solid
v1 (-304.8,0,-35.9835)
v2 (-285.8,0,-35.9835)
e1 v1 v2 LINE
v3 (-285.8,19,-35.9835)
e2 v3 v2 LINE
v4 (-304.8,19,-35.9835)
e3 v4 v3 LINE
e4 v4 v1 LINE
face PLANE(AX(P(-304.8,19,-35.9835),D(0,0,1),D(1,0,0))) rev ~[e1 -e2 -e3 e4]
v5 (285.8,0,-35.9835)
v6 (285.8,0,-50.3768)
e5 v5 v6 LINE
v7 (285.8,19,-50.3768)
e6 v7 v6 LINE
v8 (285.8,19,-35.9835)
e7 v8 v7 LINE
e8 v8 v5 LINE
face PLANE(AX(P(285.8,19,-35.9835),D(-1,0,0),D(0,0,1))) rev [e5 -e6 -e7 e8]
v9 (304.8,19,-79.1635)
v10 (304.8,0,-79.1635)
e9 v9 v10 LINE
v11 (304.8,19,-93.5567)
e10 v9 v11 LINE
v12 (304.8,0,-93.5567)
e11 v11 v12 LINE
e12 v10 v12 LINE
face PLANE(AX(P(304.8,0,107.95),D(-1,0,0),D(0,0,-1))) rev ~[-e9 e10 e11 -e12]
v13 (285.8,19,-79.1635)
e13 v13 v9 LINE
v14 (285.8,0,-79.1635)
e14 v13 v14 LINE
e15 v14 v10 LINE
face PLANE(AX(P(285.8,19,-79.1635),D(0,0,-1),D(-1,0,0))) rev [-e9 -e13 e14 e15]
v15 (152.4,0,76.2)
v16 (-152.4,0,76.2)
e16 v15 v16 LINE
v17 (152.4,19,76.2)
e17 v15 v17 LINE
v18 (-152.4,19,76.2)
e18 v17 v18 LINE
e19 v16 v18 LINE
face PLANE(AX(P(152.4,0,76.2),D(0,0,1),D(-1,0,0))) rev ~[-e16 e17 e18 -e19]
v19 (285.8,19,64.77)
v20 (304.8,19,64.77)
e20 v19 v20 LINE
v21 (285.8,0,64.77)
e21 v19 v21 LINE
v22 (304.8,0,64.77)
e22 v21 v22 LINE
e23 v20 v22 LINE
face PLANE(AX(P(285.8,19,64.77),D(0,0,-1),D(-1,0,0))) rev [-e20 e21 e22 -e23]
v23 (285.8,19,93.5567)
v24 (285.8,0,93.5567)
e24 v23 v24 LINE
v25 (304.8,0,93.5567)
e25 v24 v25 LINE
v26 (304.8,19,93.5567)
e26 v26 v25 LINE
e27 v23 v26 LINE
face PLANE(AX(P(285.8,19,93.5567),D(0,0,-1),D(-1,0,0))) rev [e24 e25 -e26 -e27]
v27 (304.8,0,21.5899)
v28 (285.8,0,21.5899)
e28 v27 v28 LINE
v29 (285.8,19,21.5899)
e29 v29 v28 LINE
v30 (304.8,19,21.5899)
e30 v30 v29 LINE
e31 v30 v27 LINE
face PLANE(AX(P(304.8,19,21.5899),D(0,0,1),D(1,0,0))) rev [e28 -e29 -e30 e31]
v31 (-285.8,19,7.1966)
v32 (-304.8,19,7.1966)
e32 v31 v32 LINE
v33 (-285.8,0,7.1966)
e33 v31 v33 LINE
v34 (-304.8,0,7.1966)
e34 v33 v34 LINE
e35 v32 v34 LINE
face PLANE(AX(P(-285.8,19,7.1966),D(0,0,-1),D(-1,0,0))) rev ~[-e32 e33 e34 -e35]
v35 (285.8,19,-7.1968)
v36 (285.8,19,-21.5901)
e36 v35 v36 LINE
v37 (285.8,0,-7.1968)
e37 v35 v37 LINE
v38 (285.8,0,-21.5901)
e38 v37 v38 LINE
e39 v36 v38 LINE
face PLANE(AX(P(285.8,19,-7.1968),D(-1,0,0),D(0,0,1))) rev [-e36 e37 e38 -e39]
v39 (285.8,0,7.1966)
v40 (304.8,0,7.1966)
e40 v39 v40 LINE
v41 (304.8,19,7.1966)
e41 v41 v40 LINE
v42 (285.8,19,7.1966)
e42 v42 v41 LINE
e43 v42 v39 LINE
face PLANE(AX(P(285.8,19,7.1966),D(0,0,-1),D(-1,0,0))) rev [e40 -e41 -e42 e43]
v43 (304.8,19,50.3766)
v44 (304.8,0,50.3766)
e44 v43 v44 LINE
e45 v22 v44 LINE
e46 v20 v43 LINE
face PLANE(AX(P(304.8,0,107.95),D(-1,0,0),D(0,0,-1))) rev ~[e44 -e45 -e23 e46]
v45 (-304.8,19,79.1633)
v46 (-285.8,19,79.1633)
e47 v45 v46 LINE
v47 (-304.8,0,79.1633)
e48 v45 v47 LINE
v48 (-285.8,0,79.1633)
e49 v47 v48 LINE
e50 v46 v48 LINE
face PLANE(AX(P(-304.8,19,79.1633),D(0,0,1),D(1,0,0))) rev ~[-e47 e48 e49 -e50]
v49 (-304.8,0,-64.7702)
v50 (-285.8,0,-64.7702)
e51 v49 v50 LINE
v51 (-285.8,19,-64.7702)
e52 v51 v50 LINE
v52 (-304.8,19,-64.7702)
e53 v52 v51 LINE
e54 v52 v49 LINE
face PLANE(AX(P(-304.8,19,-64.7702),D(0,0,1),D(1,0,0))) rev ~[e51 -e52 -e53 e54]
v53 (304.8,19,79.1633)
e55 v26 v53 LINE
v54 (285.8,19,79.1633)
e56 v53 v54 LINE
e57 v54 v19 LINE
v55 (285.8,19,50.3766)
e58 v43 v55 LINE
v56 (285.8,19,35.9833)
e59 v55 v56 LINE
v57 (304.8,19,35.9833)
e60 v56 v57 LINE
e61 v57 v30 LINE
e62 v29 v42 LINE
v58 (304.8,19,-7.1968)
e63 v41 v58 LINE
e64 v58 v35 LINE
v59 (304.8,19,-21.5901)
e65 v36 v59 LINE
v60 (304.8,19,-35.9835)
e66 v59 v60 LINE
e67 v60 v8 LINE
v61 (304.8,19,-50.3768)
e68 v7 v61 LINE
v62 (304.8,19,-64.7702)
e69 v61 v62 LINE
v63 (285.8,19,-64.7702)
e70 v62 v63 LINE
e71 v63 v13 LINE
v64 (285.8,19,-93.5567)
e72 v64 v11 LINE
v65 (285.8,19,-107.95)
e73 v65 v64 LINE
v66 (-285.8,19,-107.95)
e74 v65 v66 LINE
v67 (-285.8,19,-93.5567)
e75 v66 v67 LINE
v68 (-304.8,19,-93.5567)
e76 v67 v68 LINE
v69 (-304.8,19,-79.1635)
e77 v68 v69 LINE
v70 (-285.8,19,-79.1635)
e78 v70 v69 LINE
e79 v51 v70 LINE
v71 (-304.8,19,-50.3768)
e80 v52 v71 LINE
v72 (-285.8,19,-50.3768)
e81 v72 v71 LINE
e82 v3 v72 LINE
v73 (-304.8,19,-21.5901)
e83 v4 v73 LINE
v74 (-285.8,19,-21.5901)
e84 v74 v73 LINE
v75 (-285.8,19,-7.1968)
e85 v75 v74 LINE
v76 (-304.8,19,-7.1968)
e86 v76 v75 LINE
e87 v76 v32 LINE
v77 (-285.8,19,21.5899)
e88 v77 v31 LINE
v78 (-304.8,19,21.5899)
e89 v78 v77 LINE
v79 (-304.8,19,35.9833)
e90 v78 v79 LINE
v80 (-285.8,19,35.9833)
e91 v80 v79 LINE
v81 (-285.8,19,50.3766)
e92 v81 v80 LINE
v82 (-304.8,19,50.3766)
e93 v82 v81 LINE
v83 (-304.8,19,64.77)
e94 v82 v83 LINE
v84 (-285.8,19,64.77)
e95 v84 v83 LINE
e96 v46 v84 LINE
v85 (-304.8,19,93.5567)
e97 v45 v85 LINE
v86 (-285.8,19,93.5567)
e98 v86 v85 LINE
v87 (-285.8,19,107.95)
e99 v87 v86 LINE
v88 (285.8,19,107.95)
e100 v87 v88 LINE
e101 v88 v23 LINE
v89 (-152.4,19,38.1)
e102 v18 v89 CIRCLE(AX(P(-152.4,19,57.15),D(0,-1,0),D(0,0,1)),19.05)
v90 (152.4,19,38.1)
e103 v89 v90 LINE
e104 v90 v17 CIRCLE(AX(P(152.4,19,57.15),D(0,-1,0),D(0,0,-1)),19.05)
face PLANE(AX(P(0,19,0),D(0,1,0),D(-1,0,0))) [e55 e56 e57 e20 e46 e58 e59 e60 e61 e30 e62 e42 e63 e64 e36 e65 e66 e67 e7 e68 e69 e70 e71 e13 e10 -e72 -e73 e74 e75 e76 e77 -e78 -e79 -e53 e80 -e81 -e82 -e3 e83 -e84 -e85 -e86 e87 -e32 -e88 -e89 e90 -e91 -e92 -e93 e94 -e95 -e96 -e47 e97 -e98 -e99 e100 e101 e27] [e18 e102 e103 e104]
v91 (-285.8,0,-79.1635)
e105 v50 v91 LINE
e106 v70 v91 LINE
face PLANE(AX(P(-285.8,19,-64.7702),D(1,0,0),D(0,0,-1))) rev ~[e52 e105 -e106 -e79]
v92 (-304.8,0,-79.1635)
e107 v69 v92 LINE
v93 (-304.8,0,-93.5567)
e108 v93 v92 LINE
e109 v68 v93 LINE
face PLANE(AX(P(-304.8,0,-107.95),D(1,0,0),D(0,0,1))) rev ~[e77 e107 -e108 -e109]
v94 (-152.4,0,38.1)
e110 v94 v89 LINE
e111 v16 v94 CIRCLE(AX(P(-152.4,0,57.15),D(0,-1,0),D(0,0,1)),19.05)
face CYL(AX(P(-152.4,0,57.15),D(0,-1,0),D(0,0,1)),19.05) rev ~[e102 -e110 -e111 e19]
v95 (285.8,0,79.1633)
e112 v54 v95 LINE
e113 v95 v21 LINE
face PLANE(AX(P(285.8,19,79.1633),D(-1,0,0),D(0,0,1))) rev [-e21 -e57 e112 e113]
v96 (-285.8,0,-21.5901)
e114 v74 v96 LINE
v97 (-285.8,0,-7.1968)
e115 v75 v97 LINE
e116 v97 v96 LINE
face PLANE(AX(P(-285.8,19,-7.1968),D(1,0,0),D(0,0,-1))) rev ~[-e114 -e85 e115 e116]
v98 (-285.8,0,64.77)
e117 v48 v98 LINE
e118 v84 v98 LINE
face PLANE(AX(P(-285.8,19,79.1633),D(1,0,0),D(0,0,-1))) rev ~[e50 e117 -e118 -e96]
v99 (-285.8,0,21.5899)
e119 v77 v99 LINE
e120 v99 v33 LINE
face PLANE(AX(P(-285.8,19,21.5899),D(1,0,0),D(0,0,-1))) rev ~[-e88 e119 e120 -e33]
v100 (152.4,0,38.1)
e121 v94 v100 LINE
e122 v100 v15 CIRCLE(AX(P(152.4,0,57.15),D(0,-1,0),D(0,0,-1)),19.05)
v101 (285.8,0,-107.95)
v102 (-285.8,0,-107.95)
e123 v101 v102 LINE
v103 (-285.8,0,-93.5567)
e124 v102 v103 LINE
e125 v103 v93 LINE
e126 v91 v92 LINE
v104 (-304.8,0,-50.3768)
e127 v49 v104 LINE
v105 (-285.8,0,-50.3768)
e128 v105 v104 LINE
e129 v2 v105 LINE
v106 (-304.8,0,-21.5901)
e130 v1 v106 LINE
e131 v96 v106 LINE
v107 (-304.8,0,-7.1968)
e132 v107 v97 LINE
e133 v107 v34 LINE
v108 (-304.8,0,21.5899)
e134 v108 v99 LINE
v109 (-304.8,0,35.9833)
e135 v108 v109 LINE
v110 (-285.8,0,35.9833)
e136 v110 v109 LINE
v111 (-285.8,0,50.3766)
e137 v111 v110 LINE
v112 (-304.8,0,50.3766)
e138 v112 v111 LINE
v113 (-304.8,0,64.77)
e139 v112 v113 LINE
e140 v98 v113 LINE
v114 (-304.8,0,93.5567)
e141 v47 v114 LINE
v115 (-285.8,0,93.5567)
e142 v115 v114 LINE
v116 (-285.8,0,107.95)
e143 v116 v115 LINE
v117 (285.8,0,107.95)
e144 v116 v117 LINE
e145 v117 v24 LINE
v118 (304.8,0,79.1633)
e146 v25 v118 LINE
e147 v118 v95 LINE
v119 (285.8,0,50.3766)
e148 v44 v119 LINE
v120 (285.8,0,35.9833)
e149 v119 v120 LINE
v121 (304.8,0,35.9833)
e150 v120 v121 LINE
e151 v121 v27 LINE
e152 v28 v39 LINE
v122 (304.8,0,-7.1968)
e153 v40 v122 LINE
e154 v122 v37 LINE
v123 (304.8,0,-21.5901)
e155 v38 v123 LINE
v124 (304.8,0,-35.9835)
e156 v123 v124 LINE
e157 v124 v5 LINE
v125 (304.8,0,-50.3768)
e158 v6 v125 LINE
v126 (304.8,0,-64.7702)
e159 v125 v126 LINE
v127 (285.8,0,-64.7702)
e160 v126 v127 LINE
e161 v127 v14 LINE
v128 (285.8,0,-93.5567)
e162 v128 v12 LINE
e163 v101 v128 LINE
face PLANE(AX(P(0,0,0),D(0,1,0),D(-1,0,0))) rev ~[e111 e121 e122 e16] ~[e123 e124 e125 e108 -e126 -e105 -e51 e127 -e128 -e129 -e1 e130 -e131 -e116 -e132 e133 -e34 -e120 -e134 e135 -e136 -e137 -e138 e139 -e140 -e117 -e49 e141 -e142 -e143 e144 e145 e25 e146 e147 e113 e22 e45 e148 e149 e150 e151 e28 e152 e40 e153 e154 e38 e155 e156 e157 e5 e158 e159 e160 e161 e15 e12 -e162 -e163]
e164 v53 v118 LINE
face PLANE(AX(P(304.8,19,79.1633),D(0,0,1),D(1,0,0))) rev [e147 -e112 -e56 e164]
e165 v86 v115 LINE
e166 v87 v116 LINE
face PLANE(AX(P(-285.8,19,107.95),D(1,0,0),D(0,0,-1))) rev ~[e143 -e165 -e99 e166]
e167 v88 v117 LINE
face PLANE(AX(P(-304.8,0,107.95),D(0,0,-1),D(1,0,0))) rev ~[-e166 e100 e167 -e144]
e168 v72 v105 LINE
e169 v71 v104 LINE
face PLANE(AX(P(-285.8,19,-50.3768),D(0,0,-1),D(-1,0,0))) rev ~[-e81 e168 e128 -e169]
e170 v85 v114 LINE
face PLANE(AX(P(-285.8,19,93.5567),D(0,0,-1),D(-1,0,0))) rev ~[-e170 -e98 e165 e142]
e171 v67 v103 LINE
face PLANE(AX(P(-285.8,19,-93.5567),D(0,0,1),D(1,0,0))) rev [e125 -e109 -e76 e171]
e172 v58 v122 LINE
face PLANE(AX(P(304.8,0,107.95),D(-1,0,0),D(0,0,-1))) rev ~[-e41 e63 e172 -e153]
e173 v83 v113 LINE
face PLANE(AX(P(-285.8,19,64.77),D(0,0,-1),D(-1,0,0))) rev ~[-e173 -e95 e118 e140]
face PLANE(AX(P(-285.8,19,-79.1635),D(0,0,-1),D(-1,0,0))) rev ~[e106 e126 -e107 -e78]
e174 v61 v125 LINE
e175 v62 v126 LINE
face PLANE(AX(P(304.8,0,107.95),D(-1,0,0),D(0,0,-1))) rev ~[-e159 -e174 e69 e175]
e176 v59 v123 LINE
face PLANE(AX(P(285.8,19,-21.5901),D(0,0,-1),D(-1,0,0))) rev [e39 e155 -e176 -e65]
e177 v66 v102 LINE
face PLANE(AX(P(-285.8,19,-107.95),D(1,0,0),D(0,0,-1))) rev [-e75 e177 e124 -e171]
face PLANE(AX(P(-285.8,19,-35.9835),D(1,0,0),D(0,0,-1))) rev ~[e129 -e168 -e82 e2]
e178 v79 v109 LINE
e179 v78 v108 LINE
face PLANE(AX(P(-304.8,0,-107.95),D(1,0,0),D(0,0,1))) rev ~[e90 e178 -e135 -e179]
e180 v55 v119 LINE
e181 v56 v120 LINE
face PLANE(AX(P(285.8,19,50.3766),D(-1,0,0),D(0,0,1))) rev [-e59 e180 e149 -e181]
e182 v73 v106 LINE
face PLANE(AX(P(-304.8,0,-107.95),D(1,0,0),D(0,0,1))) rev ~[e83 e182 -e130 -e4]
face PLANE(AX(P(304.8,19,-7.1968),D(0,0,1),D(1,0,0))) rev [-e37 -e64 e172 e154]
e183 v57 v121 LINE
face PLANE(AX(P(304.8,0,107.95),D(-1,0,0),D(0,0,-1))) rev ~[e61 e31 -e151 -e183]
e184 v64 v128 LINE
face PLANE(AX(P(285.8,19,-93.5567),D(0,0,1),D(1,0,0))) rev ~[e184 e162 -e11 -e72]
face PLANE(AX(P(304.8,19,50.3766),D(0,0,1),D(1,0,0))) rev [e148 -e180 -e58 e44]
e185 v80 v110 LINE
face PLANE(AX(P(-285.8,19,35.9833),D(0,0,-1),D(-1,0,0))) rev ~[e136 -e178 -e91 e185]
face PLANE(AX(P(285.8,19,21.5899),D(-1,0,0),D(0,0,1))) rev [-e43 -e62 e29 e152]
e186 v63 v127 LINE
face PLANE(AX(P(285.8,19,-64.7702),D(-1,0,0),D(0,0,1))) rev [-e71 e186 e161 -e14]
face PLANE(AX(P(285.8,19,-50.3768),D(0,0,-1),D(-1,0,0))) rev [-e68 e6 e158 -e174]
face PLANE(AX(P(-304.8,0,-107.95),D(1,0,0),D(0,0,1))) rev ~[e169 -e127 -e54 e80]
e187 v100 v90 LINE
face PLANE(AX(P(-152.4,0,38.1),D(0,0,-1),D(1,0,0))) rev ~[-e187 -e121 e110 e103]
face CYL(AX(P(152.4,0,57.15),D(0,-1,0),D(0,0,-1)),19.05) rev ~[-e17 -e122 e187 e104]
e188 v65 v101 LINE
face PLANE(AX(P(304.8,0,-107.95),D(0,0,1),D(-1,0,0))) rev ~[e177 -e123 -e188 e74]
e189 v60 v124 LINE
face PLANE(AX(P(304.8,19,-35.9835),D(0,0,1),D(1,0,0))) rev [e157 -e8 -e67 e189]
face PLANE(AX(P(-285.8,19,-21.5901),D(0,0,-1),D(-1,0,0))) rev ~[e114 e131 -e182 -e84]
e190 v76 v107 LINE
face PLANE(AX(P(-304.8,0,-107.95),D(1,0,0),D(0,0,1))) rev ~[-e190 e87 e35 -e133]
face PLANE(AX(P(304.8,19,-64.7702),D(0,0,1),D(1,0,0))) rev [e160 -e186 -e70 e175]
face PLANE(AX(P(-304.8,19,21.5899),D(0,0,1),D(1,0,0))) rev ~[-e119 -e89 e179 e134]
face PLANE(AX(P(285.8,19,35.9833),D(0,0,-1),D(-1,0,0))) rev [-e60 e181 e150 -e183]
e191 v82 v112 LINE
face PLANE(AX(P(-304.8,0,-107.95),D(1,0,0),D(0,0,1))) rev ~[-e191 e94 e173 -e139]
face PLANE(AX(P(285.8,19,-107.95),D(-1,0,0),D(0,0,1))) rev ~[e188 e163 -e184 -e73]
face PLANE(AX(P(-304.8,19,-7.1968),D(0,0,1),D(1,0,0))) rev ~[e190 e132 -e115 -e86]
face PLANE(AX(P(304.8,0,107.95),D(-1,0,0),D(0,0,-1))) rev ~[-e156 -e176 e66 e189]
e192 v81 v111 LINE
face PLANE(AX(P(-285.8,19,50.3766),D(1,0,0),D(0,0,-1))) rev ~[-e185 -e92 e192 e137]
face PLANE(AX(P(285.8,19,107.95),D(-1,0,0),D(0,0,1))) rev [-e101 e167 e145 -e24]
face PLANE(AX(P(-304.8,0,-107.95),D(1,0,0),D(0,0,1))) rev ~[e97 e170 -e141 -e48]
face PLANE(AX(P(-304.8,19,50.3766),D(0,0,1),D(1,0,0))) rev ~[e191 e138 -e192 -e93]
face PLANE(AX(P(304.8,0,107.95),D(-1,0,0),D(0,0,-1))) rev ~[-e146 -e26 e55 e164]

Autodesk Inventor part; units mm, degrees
ref_plane "YZ Plane" through (0, 0, 0) normal (1, 0, 0) x (0, 1, 0)
ref_plane "XZ Plane" through (0, 0, 0) normal (0, 1, 0) x (-1, 0, 0)
ref_plane "XY Plane" through (0, 0, 0) normal (0, 0, 1) x (1, 0, 0)
sketch "Sketch1" plane through (0, 0, 0) normal (0, 1, 0) x (-1, 0, 0)
  line L0 (304.8, 107.95) -> (-304.8, 107.95)
  line L1 (-304.8, 107.95) -> (-304.8, -107.95)
  line L2 (-304.8, -107.95) -> (304.8, -107.95)
  line L3 (304.8, -107.95) -> (304.8, 107.95)
  line L4 (304.8, 107.95) -> (-304.8, -107.95) construction
  line L5 (-304.8, 107.95) -> (304.8, -107.95) construction
  point P0 (0, 0)
  dimension "length" = 609.6
  dimension "width" = 215.9
extrude "Extrusion1" add sketch "Sketch1" along normal blind 19
sketch "Sketch3" plane through (0, 19, 0) normal (0, 1, 0) x (1, 0, 0)
  line L0 (-304.8, 107.95) -> (-304.8, -107.95) projected
  line L1 (-304.8, -107.95) -> (304.8, -107.95) projected
  line L2 (-304.8, -107.95) -> (-285.8, -107.95)
  line L3 (-285.8, -107.95) -> (-285.8, -93.5567)
  line L4 (-285.8, -93.5567) -> (-304.8, -93.5567)
  line L5 (-304.8, -93.5567) -> (-304.8, -107.95)
  point P0 (0, 0)
  dimension "d21" = 19
  dimension "d22" = 14.3933
extrude "Extrusion3" cut sketch "Sketch3" against normal through all
mirror "Mirror2" about plane through (0, 0, 0) normal (0, 0, 1) of "Extrusion3"
sketch "Sketch4" plane through (0, 19, 0) normal (0, 1, 0) x (1, 0, 0)
  line L0 (-304.8, 93.5567) -> (-304.8, -93.5567) projected
  line L1 (-304.8, -79.1633) -> (-285.8, -79.1633)
  line L2 (-285.8, -79.1633) -> (-285.8, -64.77)
  line L3 (-285.8, -64.77) -> (-304.8, -64.77)
  line L4 (-304.8, -64.77) -> (-304.8, -79.1633)
  line L5 (-304.8, -93.5567) -> (-285.8, -93.5567) projected
  point P0 (0, 0)
  dimension "d25" = 19
  dimension "d26" = 14.3933
  dimension "d27" = 14.3933
extrude "Extrusion4" cut sketch "Sketch4" against normal through all
pattern_linear "Rectangular Pattern1" count 6 spacing 28.7867 along (0, 0, -1) of "Extrusion4"
mirror "Mirror3" about plane through (0, 0, 0) normal (1, 0, 0) of "Extrusion3", "Mirror2", "Extrusion4", "Rectangular Pattern1"
sketch "Sketch5" plane through (0, 0, 0) normal (0, -1, 0) x (1, 0, 0)
  line L0 (152.4, 57.15) -> (-152.4, 57.15) construction
  line L1 (152.4, 76.2) -> (-152.4, 76.2)
  line L2 (-152.4, 38.1) -> (152.4, 38.1)
  arc A0 (152.4, 38.1) -> (152.4, 76.2) centre (152.4, 57.15) ccw
  arc A1 (-152.4, 76.2) -> (-152.4, 38.1) centre (-152.4, 57.15) ccw
  line L3 (-285.8, 107.95) -> (285.8, 107.95) projected
  point P0 (0, 0)
  point P1 (0, 57.15)
  dimension "d33" = 38.1
  dimension "d34" = 304.8
  dimension "d35" = 0
  dimension "d36" = 50.8
extrude "Extrusion5" cut sketch "Sketch5" against normal blind 19
equation "\"d21\" = thickness"
equation "\"d25\" = thickness"
equation "\"d37\" = thickness"
equation "\"thickness\" = 19"
properties part number "cabinet-bottom" material "Wood (Birch)"
